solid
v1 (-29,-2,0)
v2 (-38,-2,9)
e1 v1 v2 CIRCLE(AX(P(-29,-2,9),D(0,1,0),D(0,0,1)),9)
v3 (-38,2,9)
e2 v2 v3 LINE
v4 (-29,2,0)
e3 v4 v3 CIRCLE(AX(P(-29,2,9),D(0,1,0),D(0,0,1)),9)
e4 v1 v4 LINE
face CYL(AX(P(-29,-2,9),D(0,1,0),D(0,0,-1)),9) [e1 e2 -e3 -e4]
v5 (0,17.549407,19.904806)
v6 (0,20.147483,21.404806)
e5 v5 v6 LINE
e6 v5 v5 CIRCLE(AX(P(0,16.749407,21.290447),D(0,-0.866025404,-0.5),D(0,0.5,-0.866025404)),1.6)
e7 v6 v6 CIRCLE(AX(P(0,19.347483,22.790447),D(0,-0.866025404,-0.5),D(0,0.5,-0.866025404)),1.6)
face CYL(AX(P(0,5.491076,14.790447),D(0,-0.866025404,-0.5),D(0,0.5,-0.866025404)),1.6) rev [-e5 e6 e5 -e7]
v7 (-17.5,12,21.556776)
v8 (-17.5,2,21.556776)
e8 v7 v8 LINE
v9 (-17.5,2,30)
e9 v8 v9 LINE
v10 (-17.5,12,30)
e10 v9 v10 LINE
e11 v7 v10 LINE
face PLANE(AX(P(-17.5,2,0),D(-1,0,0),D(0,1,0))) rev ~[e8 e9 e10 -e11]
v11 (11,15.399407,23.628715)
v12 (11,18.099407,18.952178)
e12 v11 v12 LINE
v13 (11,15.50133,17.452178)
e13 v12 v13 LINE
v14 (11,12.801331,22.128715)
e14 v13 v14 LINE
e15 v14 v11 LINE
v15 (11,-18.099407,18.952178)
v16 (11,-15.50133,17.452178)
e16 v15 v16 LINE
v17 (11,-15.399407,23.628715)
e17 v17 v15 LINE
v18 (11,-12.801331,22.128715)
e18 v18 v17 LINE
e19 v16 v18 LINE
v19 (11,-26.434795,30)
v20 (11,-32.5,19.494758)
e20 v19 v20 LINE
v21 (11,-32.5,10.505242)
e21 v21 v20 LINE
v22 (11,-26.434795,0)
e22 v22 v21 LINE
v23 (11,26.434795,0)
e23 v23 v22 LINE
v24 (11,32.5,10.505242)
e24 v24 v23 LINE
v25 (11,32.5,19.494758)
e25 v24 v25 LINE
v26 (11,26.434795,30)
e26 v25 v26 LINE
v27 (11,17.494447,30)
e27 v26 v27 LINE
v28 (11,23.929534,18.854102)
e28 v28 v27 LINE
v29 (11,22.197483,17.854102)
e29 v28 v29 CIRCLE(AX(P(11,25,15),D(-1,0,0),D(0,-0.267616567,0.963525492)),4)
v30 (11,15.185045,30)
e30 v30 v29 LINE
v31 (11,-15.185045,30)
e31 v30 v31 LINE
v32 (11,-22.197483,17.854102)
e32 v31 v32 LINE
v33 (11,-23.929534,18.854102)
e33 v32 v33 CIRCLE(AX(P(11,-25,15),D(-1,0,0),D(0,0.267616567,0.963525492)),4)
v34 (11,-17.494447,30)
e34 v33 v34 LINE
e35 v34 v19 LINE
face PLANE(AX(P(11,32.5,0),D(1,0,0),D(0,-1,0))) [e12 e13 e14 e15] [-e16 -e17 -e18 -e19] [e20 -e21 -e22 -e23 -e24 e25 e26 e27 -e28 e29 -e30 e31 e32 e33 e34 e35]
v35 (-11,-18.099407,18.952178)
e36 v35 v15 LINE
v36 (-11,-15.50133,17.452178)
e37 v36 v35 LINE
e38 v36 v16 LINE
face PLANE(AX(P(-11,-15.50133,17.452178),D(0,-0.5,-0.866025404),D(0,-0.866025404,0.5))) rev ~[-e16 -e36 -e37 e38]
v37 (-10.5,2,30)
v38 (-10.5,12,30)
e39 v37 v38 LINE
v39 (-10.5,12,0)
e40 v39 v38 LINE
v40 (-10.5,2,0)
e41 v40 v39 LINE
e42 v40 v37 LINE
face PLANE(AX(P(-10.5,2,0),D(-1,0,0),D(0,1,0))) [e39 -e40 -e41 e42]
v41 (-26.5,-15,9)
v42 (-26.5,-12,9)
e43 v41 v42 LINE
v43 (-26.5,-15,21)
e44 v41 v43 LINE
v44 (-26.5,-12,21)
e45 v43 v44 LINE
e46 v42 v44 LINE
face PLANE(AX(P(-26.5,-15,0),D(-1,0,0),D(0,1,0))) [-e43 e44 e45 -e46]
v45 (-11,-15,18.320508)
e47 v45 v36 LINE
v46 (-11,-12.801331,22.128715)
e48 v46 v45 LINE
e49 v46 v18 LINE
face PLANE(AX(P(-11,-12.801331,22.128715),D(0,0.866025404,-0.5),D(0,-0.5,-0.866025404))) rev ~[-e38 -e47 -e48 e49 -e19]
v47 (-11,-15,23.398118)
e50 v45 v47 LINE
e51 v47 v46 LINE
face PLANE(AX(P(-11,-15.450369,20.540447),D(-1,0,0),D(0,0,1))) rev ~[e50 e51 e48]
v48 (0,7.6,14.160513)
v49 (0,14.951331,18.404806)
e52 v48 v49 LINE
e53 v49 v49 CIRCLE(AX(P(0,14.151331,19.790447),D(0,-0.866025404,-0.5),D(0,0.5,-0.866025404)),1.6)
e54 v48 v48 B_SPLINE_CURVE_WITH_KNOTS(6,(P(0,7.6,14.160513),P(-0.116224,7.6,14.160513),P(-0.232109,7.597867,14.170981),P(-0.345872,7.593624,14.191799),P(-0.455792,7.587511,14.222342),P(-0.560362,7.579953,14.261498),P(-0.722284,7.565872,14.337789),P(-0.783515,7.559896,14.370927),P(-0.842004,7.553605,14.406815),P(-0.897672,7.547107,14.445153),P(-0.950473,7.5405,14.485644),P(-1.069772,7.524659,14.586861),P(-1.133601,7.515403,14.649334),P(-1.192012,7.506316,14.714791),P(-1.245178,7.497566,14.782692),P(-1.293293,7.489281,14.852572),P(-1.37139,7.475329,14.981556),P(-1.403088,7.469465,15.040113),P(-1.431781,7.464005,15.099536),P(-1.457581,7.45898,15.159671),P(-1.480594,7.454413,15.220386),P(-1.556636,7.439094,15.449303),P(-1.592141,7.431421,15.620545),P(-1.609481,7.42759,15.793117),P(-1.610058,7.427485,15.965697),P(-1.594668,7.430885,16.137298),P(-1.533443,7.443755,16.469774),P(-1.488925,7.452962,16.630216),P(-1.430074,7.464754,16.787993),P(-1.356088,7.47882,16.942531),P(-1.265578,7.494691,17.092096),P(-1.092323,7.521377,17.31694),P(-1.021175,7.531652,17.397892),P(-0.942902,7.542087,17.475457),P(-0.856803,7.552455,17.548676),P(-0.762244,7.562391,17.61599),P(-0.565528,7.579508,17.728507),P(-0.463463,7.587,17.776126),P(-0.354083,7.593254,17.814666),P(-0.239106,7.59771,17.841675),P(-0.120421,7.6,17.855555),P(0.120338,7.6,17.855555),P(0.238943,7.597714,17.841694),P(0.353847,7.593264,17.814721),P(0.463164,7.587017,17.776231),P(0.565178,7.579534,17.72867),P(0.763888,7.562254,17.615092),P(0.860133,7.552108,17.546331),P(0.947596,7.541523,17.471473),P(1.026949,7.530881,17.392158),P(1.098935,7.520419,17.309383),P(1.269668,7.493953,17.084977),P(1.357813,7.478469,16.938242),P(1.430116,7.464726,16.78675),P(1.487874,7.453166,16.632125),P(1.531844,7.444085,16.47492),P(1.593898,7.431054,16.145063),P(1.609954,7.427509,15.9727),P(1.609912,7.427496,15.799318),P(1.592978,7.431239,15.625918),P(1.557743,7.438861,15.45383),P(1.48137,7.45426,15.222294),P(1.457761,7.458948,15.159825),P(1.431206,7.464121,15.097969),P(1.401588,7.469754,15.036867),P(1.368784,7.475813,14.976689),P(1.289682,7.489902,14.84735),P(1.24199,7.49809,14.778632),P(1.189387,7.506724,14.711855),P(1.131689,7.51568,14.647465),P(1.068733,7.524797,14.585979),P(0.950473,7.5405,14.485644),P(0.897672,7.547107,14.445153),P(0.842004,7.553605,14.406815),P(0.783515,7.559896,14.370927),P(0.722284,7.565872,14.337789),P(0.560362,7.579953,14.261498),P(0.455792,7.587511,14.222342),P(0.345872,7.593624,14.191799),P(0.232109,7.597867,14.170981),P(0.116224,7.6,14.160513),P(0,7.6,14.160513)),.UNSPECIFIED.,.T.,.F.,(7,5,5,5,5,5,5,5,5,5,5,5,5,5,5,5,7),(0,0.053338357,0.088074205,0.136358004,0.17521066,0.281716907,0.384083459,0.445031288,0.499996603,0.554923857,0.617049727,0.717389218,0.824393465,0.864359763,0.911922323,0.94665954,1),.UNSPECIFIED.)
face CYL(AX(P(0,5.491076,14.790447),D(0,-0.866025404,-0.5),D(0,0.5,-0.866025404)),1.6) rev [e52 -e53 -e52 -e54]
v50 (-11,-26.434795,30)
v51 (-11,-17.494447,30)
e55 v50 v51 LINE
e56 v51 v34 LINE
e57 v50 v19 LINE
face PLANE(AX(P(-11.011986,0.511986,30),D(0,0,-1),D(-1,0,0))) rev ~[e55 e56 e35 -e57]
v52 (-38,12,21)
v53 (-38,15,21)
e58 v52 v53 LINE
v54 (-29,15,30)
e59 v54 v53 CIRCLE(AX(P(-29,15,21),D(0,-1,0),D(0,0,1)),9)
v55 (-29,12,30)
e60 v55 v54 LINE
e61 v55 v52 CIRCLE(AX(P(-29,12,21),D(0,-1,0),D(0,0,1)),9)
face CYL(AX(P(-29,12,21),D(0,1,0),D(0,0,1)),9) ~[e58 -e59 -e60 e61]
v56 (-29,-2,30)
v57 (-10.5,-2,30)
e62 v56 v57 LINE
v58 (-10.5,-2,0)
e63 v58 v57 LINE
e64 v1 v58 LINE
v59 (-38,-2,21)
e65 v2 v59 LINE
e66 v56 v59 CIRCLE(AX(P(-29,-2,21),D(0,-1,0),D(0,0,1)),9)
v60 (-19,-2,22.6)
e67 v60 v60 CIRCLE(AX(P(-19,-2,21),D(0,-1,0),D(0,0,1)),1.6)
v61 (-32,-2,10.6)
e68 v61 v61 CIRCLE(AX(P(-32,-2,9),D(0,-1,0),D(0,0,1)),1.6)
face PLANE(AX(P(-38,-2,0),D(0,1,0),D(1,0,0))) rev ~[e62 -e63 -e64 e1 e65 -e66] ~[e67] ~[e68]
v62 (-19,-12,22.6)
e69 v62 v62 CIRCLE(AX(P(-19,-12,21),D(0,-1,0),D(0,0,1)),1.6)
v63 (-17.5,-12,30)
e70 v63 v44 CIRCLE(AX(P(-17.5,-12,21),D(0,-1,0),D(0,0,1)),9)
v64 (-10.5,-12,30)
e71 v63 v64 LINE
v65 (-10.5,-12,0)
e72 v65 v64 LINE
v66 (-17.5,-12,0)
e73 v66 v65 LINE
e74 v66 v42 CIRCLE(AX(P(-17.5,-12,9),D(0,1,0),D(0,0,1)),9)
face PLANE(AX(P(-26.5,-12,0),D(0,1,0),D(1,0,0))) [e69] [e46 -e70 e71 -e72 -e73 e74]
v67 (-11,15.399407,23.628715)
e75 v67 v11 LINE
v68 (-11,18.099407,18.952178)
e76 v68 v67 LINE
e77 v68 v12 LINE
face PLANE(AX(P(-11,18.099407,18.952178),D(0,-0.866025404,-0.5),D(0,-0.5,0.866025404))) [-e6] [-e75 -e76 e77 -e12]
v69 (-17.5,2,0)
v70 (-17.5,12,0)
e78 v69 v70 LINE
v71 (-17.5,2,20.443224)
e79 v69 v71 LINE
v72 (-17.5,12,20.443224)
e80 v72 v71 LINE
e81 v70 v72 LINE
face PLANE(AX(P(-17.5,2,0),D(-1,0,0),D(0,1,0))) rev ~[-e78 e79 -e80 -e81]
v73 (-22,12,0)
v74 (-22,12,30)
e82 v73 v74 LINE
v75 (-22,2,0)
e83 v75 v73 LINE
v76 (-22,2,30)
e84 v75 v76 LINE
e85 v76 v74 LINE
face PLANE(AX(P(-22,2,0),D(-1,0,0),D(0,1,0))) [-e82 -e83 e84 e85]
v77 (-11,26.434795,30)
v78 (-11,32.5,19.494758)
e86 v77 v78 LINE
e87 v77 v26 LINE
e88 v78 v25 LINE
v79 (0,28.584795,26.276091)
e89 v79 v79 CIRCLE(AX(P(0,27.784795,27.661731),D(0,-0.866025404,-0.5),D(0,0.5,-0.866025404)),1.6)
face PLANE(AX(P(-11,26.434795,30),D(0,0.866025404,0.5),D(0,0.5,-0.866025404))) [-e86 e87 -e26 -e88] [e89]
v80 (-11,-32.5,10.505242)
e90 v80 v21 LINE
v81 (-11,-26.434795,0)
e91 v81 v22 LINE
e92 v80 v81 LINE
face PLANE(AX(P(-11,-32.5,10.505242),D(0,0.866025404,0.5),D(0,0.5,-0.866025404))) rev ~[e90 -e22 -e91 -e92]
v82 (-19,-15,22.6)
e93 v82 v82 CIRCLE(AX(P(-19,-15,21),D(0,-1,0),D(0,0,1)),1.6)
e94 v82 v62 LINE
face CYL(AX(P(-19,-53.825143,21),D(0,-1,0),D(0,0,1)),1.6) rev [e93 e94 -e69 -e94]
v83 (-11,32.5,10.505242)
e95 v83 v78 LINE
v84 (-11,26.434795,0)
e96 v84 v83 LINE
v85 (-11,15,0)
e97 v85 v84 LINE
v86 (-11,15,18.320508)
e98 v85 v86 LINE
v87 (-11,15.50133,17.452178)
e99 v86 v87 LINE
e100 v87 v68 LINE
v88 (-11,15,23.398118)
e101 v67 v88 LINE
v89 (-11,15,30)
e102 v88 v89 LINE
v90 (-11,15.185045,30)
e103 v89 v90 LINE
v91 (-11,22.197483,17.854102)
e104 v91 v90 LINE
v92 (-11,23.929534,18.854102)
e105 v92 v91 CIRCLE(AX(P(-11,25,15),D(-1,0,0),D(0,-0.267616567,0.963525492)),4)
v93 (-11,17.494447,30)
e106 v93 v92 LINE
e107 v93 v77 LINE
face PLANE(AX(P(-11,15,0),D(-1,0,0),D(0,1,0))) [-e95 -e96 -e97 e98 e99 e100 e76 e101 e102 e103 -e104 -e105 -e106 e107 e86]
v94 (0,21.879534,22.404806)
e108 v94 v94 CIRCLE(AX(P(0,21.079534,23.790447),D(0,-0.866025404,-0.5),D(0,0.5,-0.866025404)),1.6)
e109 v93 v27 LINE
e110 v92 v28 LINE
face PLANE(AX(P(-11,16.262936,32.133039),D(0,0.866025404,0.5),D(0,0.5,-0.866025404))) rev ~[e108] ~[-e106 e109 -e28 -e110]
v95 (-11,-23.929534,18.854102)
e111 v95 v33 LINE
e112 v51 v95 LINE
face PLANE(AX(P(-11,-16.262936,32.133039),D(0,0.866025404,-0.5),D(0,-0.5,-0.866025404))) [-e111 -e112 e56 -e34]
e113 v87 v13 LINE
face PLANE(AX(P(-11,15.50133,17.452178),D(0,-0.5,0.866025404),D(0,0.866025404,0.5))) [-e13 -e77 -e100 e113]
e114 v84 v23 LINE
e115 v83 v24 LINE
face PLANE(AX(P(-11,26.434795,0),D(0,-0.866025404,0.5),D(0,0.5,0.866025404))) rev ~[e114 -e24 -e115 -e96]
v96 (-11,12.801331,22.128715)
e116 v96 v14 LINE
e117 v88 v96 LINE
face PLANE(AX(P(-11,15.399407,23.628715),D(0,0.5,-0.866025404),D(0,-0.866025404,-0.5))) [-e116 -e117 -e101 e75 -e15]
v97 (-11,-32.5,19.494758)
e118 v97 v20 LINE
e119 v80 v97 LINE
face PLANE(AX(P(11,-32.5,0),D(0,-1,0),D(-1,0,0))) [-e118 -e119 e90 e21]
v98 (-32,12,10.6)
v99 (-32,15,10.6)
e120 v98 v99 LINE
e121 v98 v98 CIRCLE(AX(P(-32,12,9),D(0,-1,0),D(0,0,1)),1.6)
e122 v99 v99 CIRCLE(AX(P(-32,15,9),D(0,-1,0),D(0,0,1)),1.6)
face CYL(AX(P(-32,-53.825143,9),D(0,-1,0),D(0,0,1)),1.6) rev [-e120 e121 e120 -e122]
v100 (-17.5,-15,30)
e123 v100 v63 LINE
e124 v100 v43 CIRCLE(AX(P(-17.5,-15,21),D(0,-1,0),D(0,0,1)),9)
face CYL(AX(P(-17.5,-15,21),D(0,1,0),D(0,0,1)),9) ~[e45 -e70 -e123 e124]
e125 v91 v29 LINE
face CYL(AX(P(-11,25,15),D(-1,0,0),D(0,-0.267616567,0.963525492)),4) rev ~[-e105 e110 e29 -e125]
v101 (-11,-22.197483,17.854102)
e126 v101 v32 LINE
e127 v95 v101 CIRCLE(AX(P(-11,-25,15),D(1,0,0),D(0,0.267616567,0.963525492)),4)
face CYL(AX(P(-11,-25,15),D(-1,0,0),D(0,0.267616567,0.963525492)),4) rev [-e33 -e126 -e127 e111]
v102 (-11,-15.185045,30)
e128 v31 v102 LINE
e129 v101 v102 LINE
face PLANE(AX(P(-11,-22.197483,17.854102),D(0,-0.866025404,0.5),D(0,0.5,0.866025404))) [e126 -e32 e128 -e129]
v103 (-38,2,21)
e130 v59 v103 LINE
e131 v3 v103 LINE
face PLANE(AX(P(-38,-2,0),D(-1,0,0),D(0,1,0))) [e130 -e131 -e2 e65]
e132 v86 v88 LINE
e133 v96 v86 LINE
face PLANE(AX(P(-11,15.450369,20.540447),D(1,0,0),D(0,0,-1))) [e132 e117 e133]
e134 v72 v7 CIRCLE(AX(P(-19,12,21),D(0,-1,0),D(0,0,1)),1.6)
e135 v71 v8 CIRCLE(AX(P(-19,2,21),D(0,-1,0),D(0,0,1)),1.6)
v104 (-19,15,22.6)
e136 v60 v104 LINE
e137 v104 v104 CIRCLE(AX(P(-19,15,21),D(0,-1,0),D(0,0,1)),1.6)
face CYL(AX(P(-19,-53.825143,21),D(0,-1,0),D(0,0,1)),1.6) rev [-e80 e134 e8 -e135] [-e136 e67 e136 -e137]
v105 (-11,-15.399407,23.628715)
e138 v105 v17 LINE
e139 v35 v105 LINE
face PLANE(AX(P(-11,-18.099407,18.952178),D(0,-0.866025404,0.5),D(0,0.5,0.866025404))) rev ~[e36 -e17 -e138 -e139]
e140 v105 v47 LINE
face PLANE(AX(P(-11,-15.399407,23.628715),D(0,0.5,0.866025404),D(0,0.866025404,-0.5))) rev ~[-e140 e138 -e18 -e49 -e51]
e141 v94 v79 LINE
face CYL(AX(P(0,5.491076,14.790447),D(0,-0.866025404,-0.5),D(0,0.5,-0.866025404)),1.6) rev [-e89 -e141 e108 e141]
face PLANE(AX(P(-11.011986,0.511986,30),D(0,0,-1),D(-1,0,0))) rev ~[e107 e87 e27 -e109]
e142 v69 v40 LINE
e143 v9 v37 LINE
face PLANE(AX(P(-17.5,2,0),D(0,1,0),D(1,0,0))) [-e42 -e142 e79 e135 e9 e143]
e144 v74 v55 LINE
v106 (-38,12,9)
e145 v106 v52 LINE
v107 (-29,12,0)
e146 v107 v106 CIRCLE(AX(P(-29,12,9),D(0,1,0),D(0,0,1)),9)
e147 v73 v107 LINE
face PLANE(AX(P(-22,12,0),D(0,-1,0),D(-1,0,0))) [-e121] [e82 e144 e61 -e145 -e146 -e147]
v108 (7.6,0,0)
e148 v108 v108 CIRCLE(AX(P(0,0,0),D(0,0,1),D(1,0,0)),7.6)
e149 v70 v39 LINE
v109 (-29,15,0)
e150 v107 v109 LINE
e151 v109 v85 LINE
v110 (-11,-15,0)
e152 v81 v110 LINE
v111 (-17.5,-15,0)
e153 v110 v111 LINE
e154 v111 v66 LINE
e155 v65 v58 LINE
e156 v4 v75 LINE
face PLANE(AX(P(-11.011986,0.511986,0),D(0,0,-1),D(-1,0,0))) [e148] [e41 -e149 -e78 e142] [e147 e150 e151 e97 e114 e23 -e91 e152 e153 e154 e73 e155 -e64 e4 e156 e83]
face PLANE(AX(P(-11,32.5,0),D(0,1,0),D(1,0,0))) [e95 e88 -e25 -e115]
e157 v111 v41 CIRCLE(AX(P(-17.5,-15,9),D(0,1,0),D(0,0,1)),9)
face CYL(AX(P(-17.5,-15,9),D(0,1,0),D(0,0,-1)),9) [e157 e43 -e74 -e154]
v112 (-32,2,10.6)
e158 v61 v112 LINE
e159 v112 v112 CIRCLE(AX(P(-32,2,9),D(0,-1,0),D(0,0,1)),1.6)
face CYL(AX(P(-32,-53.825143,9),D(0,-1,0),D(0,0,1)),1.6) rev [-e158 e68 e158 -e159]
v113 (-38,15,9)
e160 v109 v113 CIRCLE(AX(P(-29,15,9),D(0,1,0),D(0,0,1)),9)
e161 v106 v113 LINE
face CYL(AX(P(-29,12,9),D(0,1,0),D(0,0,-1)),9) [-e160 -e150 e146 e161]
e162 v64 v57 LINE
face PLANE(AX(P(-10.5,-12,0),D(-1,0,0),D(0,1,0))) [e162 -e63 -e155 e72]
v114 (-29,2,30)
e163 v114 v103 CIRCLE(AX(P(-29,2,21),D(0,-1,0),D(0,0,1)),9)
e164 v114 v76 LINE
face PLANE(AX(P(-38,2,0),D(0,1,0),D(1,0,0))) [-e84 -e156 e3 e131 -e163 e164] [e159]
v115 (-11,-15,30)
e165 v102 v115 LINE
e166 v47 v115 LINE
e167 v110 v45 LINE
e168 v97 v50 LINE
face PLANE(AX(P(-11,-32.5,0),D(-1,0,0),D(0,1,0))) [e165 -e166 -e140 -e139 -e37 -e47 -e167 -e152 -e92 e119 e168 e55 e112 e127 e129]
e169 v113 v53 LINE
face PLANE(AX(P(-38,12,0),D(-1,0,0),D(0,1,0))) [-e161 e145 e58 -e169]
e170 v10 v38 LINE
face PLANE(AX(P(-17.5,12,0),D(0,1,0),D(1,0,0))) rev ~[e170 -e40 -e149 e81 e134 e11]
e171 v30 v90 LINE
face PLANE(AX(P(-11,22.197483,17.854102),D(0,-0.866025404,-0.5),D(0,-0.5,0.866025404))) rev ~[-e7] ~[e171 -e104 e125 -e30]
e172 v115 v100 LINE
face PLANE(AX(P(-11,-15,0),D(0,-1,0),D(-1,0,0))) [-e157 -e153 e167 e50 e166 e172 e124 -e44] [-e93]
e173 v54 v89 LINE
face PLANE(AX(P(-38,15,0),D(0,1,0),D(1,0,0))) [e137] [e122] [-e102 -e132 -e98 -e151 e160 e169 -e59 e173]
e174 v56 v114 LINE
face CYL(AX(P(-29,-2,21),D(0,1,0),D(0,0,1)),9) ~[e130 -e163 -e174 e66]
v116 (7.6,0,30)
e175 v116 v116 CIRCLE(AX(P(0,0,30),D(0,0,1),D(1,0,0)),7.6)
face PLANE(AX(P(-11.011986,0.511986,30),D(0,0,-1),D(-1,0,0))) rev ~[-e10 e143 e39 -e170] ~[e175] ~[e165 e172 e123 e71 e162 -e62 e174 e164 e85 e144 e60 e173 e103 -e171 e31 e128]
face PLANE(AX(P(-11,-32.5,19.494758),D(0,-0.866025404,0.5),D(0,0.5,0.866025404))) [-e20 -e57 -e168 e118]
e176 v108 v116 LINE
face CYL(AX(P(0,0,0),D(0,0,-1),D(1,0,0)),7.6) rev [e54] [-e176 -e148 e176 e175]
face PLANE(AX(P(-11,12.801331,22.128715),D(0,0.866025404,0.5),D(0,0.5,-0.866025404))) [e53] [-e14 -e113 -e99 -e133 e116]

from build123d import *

# Parameters (mm, degrees)
ESBO_O2_R                  = 7.6
ESBO_O2_W                  = 7
ESBO_O2_H                  = 10
RESSALTO_EXTRUS_O1_DEPTH   = 30
CORTE_EXTRUS_O1_DEPTH      = 52.819397912
CORTE_EXTRUS_O2_DEPTH      = 68.825142831
CORTE_EXTRUS_O2_DEPTH_BACK = 68.825142831
ESBO_O4_R                  = 1.6
FILETE2_R                  = 9
CORTE_EXTRUS_O3_DEPTH      = 67.882564304
CORTE_EXTRUS_O3_DEPTH_BACK = 10
ESBO_O7_R                  = 1.6


with BuildPart() as part:
    # Esboço2 → Ressalto-extrusão1 (new body)
    with BuildSketch(Plane.XY):
        Polygon((-11, 15), (-11, 32.5), (11, 32.5), (11, -32.5), (-11, -32.5), (-11, -15), (-26.5, -15), (-26.5, -12), (-10.5, -12), (-10.5, -2), (-26.5, -2), (-38, -2), (-38, 2), (-22, 2), (-22, 12), (-38, 12), (-38, 15), align=None)
        Circle(ESBO_O2_R, mode=Mode.SUBTRACT)
        with Locations((-14, 7)):
            Rectangle(ESBO_O2_W, ESBO_O2_H, mode=Mode.SUBTRACT)
    extrude(amount=RESSALTO_EXTRUS_O1_DEPTH)

    # Esboço3 → Corte-extrusão1 (cut, through all)
    with BuildSketch(Plane.ZY.offset(11)):
        Polygon((30, 26.434795421), (19.494757511, 32.5), (30, 32.5), align=None)
        Polygon((18.952178178, 18.099406712), (23.628715358, 15.399406712), (22.128715358, 12.8013305), (17.452178178, 15.5013305), align=None)
        with BuildLine():
            Line((17.854101966, 22.197482923), (31.133039027, 14.530885036))
            Line((31.133039027, 14.530885036), (32.133039027, 16.262935844))
            Line((32.133039027, 16.262935844), (18.854101966, 23.929533731))
            ThreePointArc((18.854101966, 23.929533731), (11.535898385, 27), (17.854101966, 22.197482923))
        make_face()
        with BuildLine():
            Line((31.133039027, -14.530885036), (32.133039027, -16.262935844))
            Line((32.133039027, -16.262935844), (18.854101966, -23.929533731))
            ThreePointArc((18.854101966, -23.929533731), (11.535898385, -27), (17.854101966, -22.197482923))
            Line((17.854101966, -22.197482923), (31.133039027, -14.530885036))
        make_face()
        Polygon((23.628715358, -15.399406712), (22.128715358, -12.8013305), (17.452178178, -15.5013305), (18.952178178, -18.099406712), align=None)
        Polygon((0, 26.434795421), (10.505242489, 32.5), (0, 32.5), align=None)
        Polygon((30, -32.5), (19.494757511, -32.5), (30, -26.434795421), align=None)
        Polygon((0, -32.5), (10.505242489, -32.5), (0, -26.434795421), align=None)
    extrude(amount=-CORTE_EXTRUS_O1_DEPTH, mode=Mode.SUBTRACT)

    # Esboço4 → Corte-extrusão2 (cut, two sides: drawn at the far end of the back side and taken through both)
    with BuildSketch(Plane(origin=(0, 15, 0), x_dir=(1, 0, 0), z_dir=(0, 1, 0)).offset(-CORTE_EXTRUS_O2_DEPTH_BACK)):
        with Locations(Location((-32, -9, 0), (0, 0, 270))):
            Circle(ESBO_O4_R)
        with Locations(Location((-19, -21, 0), (0, 0, 270))):
            Circle(ESBO_O4_R)
    extrude(amount=CORTE_EXTRUS_O2_DEPTH + CORTE_EXTRUS_O2_DEPTH_BACK, mode=Mode.SUBTRACT)

    # Filete2
    filete2_edges = [part.edges().sort_by_distance(p)[0] for p in [
        (-38, 13.5, 30),
        (-26.5, -13.5, 0),
        (-38, 0, 0),
        (-38, 13.5, 0),
        (-38, 0, 30),
        (-26.5, -13.5, 30),
    ]]
    fillet(filete2_edges, radius=FILETE2_R)

    # Esboço7 → Corte-extrusão3 (cut, two sides: drawn at the far end of the back side and taken through both)
    with BuildSketch(Plane(origin=(0, 19.183012702, 11.075317547), x_dir=(1, 0, 0), z_dir=(0, 0.8660254037844418, 0.4999999999999945)).offset(-CORTE_EXTRUS_O3_DEPTH_BACK)):
        with Locations(Location((0, -10.063364403, 0), (0, 0, 90))):
            Circle(ESBO_O7_R)
    extrude(amount=CORTE_EXTRUS_O3_DEPTH + CORTE_EXTRUS_O3_DEPTH_BACK, mode=Mode.SUBTRACT)


solid = part.part
